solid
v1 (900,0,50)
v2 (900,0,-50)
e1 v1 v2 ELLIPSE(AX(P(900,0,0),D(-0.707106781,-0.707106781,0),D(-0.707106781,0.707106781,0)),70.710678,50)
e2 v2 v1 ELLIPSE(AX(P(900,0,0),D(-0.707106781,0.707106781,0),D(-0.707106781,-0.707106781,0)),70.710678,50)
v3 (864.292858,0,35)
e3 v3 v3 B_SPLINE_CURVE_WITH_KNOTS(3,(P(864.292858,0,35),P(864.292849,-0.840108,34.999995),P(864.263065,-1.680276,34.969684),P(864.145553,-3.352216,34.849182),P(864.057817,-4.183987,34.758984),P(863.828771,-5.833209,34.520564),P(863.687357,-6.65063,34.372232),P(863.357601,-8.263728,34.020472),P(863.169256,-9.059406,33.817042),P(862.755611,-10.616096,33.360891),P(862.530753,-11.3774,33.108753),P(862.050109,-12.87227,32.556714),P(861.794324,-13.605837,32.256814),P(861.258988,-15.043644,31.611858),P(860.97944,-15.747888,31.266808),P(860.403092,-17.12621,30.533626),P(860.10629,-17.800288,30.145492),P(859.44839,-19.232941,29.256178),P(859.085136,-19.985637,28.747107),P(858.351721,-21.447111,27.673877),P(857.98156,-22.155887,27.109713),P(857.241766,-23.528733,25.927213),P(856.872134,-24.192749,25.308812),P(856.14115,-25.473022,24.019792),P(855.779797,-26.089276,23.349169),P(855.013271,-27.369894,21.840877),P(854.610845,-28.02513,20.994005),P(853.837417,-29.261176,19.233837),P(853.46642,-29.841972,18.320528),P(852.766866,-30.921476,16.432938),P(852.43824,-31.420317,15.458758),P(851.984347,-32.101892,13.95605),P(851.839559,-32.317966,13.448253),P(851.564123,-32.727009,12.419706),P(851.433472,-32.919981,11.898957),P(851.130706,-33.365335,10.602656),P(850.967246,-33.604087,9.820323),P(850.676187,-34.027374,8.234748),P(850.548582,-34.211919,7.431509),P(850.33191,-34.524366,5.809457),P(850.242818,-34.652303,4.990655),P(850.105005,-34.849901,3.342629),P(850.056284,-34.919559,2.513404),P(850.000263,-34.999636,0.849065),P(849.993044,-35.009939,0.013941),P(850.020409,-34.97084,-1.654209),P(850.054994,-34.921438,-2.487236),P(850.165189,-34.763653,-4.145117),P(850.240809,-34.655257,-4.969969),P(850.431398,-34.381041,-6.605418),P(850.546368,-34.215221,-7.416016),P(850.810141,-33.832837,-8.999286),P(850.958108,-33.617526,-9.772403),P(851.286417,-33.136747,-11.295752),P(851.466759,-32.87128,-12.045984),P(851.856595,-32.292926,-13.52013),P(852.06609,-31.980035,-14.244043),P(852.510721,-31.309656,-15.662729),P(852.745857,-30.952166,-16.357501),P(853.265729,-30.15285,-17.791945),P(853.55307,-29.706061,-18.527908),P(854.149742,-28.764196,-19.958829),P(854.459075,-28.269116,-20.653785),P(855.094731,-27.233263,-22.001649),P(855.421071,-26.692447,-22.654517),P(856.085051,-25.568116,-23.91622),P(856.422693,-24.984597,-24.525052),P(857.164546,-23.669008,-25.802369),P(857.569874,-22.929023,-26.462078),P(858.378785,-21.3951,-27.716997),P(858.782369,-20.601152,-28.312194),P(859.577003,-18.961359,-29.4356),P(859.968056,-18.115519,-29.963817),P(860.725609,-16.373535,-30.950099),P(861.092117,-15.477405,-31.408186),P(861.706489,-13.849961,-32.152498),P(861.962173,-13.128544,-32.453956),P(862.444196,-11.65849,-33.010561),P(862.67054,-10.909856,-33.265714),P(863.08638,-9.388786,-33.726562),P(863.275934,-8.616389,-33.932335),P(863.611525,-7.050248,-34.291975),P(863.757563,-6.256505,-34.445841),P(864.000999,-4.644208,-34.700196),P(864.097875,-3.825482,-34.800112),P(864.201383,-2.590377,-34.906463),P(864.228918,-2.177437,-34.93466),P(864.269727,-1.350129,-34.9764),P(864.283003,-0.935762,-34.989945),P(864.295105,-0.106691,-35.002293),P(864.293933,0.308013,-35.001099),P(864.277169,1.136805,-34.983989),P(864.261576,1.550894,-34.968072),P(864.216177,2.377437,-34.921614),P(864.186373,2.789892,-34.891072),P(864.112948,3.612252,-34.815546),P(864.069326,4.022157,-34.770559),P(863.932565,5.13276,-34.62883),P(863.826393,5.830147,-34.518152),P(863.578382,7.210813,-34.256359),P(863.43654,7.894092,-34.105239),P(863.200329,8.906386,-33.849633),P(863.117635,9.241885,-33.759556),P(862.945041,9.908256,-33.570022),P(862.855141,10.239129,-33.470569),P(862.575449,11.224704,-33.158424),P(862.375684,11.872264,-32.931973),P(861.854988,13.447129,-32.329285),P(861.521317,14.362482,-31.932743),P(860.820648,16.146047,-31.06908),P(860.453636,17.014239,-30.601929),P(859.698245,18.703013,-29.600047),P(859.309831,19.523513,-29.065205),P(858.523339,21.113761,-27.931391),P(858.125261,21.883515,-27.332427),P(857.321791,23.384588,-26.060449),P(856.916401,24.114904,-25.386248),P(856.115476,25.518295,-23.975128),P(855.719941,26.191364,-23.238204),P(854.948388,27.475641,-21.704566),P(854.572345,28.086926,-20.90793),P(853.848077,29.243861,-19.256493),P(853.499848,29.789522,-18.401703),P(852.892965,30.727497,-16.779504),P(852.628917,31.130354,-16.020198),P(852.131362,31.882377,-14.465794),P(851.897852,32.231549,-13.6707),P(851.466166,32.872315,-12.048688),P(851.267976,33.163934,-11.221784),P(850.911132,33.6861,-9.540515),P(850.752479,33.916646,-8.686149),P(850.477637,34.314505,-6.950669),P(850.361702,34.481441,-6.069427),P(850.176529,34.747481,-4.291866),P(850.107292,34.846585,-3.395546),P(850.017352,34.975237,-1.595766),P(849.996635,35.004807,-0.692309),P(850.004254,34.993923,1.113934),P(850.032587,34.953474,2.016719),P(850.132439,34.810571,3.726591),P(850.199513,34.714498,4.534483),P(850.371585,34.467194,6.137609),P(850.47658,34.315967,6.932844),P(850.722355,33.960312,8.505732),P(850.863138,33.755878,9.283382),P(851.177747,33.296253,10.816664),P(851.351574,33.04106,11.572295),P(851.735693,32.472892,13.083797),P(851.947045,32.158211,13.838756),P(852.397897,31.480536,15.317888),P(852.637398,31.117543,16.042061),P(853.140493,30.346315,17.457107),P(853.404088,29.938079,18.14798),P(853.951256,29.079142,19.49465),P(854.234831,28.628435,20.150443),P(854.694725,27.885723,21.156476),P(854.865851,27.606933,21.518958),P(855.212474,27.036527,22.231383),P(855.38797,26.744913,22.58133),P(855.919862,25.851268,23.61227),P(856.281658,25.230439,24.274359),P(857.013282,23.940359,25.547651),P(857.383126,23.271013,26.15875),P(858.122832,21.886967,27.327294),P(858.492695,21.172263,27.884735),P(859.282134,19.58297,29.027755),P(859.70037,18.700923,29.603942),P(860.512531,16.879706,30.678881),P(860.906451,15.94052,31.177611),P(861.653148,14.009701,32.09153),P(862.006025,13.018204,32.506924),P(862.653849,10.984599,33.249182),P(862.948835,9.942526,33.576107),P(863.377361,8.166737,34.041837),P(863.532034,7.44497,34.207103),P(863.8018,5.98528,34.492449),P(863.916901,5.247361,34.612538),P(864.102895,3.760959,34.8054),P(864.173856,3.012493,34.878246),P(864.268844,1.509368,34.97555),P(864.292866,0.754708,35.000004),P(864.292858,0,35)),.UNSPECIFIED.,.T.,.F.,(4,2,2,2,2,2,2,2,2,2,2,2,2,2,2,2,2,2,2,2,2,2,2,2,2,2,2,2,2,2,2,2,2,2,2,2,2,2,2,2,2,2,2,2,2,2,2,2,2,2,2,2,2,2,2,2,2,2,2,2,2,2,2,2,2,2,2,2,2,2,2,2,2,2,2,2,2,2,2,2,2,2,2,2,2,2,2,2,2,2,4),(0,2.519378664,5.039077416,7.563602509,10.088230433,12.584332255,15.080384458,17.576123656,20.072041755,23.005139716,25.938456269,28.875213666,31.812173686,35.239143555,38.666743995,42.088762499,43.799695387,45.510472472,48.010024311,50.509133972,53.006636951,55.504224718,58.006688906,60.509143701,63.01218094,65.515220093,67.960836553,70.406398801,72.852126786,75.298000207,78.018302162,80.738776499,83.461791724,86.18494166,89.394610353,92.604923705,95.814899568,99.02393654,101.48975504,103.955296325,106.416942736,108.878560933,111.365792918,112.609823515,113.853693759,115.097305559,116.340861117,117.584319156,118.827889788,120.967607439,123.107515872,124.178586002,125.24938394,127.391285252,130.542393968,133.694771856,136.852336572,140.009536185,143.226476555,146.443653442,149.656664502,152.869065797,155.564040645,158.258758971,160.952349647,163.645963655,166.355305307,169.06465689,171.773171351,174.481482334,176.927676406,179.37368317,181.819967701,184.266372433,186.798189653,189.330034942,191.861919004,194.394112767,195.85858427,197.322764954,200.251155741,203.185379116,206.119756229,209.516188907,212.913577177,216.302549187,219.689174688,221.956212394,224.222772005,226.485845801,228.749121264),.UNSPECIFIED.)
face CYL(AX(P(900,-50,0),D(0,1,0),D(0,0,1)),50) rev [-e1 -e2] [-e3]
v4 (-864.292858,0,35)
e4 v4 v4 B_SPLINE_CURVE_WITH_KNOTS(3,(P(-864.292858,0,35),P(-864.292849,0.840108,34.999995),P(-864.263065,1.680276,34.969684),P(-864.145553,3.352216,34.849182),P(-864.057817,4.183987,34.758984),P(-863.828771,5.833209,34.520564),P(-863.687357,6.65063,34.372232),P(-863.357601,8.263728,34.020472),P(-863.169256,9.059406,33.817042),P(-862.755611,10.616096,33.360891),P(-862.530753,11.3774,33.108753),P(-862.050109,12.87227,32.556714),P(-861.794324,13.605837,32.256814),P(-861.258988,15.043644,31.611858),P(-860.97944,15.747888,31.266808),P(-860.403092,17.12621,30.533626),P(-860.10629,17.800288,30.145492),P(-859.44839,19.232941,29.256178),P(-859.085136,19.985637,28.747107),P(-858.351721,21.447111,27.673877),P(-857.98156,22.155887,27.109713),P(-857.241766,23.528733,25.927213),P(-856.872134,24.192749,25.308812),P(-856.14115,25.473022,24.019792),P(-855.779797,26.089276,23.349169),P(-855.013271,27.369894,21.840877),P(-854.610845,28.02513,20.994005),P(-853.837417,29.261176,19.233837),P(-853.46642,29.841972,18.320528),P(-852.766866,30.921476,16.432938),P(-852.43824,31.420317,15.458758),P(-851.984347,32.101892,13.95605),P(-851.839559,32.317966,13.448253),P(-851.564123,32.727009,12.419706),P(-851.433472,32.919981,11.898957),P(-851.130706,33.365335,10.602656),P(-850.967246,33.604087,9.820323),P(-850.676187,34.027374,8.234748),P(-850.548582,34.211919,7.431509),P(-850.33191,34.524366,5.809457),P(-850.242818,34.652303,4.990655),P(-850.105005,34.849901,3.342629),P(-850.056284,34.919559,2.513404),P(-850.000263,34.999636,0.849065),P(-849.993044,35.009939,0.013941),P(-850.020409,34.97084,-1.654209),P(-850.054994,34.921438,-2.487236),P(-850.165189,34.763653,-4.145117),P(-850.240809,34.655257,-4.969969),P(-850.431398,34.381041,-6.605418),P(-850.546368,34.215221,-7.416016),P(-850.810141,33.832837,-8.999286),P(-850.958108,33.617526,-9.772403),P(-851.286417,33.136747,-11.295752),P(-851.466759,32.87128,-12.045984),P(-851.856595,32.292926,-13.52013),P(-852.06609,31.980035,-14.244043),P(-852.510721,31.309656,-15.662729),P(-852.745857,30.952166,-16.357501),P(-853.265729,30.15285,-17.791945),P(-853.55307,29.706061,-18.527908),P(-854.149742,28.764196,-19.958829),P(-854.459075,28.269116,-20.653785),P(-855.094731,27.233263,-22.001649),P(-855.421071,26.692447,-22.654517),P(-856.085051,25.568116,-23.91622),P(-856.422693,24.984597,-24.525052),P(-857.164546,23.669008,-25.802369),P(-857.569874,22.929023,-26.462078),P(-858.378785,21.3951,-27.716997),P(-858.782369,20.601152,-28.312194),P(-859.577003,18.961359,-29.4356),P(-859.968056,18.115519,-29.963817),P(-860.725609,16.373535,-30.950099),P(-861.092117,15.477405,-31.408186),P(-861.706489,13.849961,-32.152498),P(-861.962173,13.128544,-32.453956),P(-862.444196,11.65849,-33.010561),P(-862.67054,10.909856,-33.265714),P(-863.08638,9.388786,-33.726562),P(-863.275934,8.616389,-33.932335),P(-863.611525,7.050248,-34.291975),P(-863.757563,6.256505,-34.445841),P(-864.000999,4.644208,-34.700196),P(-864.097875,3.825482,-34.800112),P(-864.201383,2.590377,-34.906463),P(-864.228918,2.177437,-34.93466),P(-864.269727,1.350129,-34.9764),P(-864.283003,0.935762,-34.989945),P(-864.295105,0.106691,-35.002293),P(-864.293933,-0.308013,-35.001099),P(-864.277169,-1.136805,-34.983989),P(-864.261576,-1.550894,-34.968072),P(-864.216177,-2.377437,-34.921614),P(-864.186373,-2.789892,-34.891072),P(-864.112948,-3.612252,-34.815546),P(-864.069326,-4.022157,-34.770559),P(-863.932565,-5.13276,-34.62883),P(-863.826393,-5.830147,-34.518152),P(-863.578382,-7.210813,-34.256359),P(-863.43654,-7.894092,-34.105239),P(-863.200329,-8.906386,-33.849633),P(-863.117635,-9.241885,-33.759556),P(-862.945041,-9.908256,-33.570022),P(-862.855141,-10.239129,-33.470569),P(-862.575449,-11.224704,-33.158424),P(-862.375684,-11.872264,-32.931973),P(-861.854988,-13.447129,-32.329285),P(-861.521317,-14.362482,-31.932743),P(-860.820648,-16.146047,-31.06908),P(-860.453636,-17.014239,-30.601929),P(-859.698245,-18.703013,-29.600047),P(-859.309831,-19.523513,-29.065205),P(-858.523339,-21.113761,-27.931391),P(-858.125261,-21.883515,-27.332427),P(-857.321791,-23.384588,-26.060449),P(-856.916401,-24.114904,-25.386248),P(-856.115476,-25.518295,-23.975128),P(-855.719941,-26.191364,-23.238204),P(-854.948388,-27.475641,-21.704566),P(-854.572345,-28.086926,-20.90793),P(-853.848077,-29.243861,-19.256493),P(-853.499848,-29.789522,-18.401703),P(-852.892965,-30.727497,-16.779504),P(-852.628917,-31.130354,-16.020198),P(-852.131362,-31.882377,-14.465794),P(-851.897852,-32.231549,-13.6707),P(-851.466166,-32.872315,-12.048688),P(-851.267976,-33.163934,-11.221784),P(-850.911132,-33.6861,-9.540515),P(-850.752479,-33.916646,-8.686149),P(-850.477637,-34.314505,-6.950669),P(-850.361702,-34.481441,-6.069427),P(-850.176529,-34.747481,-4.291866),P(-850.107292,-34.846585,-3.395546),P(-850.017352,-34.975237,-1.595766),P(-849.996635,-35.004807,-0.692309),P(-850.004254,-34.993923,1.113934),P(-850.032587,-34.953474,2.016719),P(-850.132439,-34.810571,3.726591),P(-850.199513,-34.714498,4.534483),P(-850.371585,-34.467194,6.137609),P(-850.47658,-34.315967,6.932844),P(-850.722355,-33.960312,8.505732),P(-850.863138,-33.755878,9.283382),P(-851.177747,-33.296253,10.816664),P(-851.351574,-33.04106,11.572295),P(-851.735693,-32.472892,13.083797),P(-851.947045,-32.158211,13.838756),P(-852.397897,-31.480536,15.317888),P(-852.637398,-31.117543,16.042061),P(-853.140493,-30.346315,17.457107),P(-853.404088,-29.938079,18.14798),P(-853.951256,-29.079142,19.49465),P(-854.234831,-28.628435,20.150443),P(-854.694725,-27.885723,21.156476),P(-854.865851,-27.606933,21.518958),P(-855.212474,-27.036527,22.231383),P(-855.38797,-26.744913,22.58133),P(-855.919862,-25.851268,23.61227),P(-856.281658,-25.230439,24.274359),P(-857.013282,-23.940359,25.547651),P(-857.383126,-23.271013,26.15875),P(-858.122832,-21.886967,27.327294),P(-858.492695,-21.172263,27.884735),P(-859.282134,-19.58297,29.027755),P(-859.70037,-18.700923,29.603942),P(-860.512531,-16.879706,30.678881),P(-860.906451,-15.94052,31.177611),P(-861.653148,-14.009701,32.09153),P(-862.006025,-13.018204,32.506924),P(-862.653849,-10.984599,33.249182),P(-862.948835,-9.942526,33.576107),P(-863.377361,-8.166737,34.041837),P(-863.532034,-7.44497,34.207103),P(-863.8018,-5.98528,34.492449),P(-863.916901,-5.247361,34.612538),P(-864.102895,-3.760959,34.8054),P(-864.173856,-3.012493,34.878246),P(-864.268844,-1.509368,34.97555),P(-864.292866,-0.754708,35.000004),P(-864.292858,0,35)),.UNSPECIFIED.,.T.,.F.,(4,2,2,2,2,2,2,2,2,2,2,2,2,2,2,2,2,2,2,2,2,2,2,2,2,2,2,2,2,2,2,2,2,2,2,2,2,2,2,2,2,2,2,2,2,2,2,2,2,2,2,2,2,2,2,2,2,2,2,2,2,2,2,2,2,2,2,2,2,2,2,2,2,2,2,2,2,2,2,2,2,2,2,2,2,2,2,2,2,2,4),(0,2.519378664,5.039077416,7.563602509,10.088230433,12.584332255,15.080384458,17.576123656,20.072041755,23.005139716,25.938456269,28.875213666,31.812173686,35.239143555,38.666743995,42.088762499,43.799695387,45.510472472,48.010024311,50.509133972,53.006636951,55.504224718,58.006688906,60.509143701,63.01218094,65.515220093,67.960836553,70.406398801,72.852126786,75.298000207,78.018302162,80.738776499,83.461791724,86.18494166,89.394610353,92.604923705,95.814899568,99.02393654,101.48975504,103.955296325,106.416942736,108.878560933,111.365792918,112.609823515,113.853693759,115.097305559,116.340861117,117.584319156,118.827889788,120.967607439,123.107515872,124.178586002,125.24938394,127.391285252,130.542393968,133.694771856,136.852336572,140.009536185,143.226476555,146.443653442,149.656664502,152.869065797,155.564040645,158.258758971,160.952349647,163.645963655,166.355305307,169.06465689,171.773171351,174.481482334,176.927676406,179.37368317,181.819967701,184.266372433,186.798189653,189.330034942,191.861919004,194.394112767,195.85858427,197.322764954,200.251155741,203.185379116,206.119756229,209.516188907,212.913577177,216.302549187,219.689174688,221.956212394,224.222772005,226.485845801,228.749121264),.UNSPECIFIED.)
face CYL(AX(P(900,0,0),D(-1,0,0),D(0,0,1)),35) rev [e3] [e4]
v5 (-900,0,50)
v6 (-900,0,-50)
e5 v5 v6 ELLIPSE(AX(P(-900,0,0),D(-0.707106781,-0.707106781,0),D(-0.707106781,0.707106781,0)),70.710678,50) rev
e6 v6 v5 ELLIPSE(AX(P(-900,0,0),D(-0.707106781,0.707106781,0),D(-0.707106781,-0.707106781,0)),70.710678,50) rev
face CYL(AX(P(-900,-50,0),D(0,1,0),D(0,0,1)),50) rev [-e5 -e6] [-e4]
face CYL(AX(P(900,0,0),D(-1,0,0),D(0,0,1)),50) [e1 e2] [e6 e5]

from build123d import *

# Parameters (mm, degrees)
SKETCH2_R               = 50
SKETCH2_R_2             = 35
CUT_EXTRUDE1_DEPTH      = 903.773504263
CUT_EXTRUDE1_DEPTH_BACK = 903.773504263
SKETCH3_R               = 50


with BuildPart() as part:
    # Sweep1: sweep along a path in Sketch1
    with BuildLine(Plane(origin=(0, 0, 0), x_dir=(1, 0, 0), z_dir=(0, 1, 0))) as sweep1_path:
        Line((-900, 0), (900, 0))
    # Sketch2 → Sweep1 (sweep)
    with BuildSketch(Plane(origin=(0, 0, 0), x_dir=(0, 0, -1), z_dir=(1, 0, 0))):
        Circle(SKETCH2_R)
        Circle(SKETCH2_R_2, mode=Mode.SUBTRACT)
    sweep(path=sweep1_path.line)

    # Sketch3 → Cut-Extrude1 (cut, two sides: drawn at the far end of the back side and taken through both)
    with BuildSketch(Plane(origin=(0, 0, 0), x_dir=(1, 0, 0), z_dir=(0, 1, 0)).offset(-CUT_EXTRUDE1_DEPTH_BACK)):
        with Locations((900, 0)):
            Circle(SKETCH3_R)
        with Locations((-900, 0)):
            Circle(SKETCH3_R)
    extrude(amount=CUT_EXTRUDE1_DEPTH + CUT_EXTRUDE1_DEPTH_BACK, mode=Mode.SUBTRACT)


solid = part.part
